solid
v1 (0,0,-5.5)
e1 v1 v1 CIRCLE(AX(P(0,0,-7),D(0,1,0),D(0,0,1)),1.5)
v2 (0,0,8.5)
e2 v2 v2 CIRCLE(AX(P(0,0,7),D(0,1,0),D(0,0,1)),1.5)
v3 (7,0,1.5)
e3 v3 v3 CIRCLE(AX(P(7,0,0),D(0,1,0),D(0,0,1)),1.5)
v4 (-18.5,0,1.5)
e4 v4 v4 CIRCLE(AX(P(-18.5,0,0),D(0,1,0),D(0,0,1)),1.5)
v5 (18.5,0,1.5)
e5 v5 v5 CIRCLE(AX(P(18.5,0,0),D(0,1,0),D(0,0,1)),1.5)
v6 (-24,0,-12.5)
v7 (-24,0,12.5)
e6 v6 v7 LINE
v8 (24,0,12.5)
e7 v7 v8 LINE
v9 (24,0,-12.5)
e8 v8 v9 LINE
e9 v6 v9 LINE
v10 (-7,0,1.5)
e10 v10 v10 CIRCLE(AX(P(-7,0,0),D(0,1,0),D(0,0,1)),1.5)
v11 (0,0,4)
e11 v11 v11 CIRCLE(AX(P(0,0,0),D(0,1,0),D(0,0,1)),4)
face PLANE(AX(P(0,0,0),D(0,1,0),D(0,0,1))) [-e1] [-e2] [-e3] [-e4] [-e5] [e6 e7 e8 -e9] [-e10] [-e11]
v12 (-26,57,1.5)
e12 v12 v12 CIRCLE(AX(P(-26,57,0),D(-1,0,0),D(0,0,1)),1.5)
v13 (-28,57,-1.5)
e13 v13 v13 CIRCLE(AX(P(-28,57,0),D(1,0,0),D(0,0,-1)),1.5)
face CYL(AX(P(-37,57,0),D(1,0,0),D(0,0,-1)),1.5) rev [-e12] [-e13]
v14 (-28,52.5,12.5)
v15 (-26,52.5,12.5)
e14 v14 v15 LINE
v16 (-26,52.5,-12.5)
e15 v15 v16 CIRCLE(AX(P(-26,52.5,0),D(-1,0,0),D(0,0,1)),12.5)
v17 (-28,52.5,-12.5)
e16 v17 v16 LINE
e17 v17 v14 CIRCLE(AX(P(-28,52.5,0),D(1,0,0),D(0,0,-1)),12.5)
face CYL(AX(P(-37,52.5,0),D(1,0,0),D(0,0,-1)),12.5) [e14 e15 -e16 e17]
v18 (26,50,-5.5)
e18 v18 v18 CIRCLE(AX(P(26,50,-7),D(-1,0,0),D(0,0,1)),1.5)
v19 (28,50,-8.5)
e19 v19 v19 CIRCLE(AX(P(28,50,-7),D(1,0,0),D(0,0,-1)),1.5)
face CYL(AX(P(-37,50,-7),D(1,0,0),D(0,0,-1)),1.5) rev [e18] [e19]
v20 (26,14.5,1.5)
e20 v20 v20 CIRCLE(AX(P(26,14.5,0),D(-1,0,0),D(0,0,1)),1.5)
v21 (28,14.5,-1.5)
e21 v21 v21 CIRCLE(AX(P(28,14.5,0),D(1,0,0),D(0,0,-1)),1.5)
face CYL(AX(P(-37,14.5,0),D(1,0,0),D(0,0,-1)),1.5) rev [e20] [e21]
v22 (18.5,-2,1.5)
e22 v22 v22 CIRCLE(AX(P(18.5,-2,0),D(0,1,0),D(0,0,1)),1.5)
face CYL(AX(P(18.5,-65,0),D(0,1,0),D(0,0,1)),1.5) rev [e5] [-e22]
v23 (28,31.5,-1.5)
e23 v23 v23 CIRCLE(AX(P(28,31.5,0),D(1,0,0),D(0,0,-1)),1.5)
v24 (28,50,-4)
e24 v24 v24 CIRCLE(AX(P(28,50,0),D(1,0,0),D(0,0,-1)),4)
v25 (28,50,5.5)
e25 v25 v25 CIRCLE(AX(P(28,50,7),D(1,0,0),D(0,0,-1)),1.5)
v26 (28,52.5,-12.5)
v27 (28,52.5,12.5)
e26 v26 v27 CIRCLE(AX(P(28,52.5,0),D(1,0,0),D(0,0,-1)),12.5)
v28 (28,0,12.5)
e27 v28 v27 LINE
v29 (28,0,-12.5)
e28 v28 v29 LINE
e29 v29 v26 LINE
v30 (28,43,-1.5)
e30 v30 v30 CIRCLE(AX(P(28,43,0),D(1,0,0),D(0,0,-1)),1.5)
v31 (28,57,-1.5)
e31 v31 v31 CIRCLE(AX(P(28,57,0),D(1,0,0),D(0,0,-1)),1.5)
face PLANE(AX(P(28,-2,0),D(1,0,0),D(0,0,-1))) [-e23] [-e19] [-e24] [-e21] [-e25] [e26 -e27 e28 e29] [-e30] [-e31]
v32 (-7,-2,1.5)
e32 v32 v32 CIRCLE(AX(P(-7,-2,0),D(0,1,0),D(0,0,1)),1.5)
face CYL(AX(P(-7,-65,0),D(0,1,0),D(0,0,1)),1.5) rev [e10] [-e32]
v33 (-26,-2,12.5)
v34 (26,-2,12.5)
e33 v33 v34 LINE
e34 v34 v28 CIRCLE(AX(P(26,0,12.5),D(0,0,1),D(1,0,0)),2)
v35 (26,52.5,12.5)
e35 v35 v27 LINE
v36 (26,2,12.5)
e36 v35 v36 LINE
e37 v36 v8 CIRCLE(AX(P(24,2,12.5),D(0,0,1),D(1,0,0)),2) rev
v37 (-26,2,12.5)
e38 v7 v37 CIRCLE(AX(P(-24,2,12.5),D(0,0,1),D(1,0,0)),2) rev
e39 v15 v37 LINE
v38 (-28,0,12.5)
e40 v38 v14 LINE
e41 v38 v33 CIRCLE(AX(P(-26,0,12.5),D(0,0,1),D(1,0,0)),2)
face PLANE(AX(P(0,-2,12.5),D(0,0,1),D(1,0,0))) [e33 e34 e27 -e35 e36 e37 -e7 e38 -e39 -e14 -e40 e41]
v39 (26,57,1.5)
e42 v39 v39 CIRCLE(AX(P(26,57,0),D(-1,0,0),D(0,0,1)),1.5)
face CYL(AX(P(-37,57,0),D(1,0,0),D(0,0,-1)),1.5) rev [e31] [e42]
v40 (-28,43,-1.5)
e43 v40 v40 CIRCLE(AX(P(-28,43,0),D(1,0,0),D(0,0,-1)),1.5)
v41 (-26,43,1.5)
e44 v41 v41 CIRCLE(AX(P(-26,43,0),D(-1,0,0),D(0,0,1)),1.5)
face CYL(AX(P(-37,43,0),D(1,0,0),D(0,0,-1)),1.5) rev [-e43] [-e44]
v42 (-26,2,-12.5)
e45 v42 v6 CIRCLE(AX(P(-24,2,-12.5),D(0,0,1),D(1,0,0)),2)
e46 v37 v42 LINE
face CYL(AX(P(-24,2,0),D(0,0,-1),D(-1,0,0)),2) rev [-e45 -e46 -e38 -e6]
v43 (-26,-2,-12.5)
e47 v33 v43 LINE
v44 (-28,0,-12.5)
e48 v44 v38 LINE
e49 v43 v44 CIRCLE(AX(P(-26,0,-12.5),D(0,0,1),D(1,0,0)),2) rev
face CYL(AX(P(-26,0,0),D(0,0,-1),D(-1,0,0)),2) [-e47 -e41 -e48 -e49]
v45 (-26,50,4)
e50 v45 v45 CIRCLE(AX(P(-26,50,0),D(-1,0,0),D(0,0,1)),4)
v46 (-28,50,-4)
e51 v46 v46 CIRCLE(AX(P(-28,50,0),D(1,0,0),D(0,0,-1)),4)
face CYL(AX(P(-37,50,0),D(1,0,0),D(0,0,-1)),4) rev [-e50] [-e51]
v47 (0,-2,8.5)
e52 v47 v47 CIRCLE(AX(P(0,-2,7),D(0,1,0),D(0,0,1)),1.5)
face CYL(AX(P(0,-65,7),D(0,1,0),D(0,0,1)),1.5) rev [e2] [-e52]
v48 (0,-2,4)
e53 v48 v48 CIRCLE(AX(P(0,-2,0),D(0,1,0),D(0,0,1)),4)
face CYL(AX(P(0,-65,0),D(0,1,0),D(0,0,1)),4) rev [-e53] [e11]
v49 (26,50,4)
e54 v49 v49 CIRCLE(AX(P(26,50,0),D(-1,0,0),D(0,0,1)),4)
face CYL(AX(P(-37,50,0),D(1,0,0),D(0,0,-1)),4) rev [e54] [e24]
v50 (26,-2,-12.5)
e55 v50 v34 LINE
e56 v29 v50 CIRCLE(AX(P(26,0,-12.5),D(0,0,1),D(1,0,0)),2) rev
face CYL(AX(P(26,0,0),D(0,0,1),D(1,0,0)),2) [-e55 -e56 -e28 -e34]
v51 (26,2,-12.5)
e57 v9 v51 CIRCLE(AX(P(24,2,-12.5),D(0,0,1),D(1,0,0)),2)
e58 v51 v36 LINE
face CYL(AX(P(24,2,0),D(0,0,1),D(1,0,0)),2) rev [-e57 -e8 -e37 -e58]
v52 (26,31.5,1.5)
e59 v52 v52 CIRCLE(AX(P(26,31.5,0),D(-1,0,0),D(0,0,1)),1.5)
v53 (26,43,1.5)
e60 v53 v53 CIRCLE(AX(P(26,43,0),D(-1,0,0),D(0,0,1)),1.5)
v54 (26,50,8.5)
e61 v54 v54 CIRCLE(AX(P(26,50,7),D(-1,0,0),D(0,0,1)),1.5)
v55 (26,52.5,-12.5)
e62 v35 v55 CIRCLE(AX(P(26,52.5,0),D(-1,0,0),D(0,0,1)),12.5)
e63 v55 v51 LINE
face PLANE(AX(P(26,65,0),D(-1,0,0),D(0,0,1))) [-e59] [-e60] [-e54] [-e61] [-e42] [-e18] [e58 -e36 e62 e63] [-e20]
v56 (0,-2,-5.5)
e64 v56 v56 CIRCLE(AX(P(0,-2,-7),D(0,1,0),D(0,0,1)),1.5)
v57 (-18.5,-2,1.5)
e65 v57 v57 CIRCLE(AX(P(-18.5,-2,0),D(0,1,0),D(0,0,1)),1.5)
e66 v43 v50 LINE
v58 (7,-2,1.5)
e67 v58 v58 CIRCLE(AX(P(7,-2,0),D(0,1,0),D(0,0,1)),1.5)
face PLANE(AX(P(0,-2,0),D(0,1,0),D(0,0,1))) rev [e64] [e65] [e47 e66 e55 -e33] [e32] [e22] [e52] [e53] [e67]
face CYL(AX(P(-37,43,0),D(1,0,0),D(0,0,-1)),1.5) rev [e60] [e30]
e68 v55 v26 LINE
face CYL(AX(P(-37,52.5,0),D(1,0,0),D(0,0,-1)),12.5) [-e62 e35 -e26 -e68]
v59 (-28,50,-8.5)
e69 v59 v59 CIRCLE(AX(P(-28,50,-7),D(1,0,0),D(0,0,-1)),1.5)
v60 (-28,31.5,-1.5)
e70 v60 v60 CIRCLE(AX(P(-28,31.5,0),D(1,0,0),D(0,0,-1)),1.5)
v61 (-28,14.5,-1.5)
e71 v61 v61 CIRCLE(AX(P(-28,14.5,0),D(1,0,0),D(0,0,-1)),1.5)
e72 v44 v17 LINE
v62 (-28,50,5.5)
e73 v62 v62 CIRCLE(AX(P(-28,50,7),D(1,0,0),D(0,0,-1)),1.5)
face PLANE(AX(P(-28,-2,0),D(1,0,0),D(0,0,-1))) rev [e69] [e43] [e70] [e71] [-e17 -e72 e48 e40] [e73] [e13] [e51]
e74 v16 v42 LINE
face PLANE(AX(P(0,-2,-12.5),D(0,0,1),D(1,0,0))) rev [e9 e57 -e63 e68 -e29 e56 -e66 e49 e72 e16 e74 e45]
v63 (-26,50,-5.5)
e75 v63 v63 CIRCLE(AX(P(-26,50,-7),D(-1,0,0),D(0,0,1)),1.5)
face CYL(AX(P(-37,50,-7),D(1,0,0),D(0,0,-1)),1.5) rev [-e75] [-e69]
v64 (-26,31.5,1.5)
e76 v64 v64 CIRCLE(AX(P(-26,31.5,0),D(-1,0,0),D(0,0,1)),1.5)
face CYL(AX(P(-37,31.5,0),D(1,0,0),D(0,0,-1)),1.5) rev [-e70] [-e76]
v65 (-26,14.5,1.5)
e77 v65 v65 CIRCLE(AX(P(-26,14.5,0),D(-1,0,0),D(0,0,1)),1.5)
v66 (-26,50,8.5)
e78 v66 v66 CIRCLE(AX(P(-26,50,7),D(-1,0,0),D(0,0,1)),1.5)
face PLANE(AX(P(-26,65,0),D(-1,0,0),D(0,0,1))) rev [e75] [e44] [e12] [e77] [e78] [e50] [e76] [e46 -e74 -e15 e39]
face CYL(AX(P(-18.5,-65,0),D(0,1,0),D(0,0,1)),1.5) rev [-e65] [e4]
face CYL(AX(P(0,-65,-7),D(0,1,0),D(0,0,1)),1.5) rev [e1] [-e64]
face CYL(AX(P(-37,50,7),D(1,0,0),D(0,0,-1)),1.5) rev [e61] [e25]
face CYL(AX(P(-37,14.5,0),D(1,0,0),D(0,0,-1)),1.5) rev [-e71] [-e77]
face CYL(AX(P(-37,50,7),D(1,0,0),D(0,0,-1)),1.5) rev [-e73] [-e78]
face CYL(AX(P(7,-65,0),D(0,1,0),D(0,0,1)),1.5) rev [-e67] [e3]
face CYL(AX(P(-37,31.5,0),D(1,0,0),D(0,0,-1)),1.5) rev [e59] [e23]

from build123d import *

# Parameters (mm, degrees)
SKETCH1_W           = 56
SKETCH1_H           = 25
BOSS_EXTRUDE1_DEPTH = 2
SKETCH1_3_W         = 2
SKETCH1_3_H         = 25
BOSS_EXTRUDE2_DEPTH = 65
FILLET4_R           = 2
SKETCH2_R           = 1.5
SKETCH2_R_2         = 4
CUT_EXTRUDE1_DEPTH  = 65
SKETCH3_R           = 4
SKETCH3_R_2         = 1.5
CUT_EXTRUDE2_DEPTH  = 65


with BuildPart() as part:
    # Sketch1 → Boss-Extrude1 (new body)
    with BuildSketch(Plane(origin=(0, 0, 0), x_dir=(1, 0, 0), z_dir=(0, 1, 0))):
        Rectangle(SKETCH1_W, SKETCH1_H)
    extrude(amount=-BOSS_EXTRUDE1_DEPTH)

    # Sketch1<3> → Boss-Extrude2 (add)
    with BuildSketch(Plane(origin=(0, 0, 0), x_dir=(1, 0, 0), z_dir=(0, 1, 0))):
        with Locations((-27, 0)):
            Rectangle(SKETCH1_3_W, SKETCH1_3_H)
        with Locations((27, 0)):
            Rectangle(SKETCH1_3_W, SKETCH1_3_H)
    extrude(amount=BOSS_EXTRUDE2_DEPTH)

    # Fillet4
    fillet4_edges = [part.edges().sort_by_distance(p)[0] for p in [
        (28, -2, 0),
        (26, 0, 0),
        (-28, -2, 0),
        (-26, 0, 0),
    ]]
    fillet(fillet4_edges, radius=FILLET4_R)

    # Sketch2 → Cut-Extrude1 (cut)
    with BuildSketch(Plane(origin=(28, 0, 0), x_dir=(0, 0, -1), z_dir=(1, 0, 0))):
        with BuildLine():
            Line((12.5, 65), (0, 65))
            ThreePointArc((0, 65), (8.838834765, 61.338834765), (12.5, 52.5))
            Line((12.5, 52.5), (12.5, 65))
        make_face()
        with BuildLine():
            Line((-12.5, 65), (-12.5, 52.5))
            ThreePointArc((-12.5, 52.5), (-8.838834765, 61.338834765), (0, 65))
            Line((0, 65), (-12.5, 65))
        make_face()
        with Locations((0, 14.5)):
            Circle(SKETCH2_R)
        with Locations((0, 31.5)):
            Circle(SKETCH2_R)
        with Locations((0, 50)):
            Circle(SKETCH2_R_2)
        with Locations((0, 57)):
            Circle(SKETCH2_R)
        with Locations((7, 50)):
            Circle(SKETCH2_R)
        with Locations((0, 43)):
            Circle(SKETCH2_R)
        with Locations((-7, 50)):
            Circle(SKETCH2_R)
    extrude(amount=-CUT_EXTRUDE1_DEPTH, mode=Mode.SUBTRACT)

    # Sketch3 → Cut-Extrude2 (cut)
    with BuildSketch(Plane(origin=(0, 0, 0), x_dir=(1, 0, 0), z_dir=(0, 1, 0))):
        Circle(SKETCH3_R)
        with Locations((0, 7)):
            Circle(SKETCH3_R_2)
        with Locations((7, 0)):
            Circle(SKETCH3_R_2)
        with Locations((0, -7)):
            Circle(SKETCH3_R_2)
        with Locations((-7, 0)):
            Circle(SKETCH3_R_2)
        with Locations((-18.5, 0)):
            Circle(SKETCH3_R_2)
        with Locations((18.5, 0)):
            Circle(SKETCH3_R_2)
    extrude(amount=-CUT_EXTRUDE2_DEPTH, mode=Mode.SUBTRACT)


solid = part.part
